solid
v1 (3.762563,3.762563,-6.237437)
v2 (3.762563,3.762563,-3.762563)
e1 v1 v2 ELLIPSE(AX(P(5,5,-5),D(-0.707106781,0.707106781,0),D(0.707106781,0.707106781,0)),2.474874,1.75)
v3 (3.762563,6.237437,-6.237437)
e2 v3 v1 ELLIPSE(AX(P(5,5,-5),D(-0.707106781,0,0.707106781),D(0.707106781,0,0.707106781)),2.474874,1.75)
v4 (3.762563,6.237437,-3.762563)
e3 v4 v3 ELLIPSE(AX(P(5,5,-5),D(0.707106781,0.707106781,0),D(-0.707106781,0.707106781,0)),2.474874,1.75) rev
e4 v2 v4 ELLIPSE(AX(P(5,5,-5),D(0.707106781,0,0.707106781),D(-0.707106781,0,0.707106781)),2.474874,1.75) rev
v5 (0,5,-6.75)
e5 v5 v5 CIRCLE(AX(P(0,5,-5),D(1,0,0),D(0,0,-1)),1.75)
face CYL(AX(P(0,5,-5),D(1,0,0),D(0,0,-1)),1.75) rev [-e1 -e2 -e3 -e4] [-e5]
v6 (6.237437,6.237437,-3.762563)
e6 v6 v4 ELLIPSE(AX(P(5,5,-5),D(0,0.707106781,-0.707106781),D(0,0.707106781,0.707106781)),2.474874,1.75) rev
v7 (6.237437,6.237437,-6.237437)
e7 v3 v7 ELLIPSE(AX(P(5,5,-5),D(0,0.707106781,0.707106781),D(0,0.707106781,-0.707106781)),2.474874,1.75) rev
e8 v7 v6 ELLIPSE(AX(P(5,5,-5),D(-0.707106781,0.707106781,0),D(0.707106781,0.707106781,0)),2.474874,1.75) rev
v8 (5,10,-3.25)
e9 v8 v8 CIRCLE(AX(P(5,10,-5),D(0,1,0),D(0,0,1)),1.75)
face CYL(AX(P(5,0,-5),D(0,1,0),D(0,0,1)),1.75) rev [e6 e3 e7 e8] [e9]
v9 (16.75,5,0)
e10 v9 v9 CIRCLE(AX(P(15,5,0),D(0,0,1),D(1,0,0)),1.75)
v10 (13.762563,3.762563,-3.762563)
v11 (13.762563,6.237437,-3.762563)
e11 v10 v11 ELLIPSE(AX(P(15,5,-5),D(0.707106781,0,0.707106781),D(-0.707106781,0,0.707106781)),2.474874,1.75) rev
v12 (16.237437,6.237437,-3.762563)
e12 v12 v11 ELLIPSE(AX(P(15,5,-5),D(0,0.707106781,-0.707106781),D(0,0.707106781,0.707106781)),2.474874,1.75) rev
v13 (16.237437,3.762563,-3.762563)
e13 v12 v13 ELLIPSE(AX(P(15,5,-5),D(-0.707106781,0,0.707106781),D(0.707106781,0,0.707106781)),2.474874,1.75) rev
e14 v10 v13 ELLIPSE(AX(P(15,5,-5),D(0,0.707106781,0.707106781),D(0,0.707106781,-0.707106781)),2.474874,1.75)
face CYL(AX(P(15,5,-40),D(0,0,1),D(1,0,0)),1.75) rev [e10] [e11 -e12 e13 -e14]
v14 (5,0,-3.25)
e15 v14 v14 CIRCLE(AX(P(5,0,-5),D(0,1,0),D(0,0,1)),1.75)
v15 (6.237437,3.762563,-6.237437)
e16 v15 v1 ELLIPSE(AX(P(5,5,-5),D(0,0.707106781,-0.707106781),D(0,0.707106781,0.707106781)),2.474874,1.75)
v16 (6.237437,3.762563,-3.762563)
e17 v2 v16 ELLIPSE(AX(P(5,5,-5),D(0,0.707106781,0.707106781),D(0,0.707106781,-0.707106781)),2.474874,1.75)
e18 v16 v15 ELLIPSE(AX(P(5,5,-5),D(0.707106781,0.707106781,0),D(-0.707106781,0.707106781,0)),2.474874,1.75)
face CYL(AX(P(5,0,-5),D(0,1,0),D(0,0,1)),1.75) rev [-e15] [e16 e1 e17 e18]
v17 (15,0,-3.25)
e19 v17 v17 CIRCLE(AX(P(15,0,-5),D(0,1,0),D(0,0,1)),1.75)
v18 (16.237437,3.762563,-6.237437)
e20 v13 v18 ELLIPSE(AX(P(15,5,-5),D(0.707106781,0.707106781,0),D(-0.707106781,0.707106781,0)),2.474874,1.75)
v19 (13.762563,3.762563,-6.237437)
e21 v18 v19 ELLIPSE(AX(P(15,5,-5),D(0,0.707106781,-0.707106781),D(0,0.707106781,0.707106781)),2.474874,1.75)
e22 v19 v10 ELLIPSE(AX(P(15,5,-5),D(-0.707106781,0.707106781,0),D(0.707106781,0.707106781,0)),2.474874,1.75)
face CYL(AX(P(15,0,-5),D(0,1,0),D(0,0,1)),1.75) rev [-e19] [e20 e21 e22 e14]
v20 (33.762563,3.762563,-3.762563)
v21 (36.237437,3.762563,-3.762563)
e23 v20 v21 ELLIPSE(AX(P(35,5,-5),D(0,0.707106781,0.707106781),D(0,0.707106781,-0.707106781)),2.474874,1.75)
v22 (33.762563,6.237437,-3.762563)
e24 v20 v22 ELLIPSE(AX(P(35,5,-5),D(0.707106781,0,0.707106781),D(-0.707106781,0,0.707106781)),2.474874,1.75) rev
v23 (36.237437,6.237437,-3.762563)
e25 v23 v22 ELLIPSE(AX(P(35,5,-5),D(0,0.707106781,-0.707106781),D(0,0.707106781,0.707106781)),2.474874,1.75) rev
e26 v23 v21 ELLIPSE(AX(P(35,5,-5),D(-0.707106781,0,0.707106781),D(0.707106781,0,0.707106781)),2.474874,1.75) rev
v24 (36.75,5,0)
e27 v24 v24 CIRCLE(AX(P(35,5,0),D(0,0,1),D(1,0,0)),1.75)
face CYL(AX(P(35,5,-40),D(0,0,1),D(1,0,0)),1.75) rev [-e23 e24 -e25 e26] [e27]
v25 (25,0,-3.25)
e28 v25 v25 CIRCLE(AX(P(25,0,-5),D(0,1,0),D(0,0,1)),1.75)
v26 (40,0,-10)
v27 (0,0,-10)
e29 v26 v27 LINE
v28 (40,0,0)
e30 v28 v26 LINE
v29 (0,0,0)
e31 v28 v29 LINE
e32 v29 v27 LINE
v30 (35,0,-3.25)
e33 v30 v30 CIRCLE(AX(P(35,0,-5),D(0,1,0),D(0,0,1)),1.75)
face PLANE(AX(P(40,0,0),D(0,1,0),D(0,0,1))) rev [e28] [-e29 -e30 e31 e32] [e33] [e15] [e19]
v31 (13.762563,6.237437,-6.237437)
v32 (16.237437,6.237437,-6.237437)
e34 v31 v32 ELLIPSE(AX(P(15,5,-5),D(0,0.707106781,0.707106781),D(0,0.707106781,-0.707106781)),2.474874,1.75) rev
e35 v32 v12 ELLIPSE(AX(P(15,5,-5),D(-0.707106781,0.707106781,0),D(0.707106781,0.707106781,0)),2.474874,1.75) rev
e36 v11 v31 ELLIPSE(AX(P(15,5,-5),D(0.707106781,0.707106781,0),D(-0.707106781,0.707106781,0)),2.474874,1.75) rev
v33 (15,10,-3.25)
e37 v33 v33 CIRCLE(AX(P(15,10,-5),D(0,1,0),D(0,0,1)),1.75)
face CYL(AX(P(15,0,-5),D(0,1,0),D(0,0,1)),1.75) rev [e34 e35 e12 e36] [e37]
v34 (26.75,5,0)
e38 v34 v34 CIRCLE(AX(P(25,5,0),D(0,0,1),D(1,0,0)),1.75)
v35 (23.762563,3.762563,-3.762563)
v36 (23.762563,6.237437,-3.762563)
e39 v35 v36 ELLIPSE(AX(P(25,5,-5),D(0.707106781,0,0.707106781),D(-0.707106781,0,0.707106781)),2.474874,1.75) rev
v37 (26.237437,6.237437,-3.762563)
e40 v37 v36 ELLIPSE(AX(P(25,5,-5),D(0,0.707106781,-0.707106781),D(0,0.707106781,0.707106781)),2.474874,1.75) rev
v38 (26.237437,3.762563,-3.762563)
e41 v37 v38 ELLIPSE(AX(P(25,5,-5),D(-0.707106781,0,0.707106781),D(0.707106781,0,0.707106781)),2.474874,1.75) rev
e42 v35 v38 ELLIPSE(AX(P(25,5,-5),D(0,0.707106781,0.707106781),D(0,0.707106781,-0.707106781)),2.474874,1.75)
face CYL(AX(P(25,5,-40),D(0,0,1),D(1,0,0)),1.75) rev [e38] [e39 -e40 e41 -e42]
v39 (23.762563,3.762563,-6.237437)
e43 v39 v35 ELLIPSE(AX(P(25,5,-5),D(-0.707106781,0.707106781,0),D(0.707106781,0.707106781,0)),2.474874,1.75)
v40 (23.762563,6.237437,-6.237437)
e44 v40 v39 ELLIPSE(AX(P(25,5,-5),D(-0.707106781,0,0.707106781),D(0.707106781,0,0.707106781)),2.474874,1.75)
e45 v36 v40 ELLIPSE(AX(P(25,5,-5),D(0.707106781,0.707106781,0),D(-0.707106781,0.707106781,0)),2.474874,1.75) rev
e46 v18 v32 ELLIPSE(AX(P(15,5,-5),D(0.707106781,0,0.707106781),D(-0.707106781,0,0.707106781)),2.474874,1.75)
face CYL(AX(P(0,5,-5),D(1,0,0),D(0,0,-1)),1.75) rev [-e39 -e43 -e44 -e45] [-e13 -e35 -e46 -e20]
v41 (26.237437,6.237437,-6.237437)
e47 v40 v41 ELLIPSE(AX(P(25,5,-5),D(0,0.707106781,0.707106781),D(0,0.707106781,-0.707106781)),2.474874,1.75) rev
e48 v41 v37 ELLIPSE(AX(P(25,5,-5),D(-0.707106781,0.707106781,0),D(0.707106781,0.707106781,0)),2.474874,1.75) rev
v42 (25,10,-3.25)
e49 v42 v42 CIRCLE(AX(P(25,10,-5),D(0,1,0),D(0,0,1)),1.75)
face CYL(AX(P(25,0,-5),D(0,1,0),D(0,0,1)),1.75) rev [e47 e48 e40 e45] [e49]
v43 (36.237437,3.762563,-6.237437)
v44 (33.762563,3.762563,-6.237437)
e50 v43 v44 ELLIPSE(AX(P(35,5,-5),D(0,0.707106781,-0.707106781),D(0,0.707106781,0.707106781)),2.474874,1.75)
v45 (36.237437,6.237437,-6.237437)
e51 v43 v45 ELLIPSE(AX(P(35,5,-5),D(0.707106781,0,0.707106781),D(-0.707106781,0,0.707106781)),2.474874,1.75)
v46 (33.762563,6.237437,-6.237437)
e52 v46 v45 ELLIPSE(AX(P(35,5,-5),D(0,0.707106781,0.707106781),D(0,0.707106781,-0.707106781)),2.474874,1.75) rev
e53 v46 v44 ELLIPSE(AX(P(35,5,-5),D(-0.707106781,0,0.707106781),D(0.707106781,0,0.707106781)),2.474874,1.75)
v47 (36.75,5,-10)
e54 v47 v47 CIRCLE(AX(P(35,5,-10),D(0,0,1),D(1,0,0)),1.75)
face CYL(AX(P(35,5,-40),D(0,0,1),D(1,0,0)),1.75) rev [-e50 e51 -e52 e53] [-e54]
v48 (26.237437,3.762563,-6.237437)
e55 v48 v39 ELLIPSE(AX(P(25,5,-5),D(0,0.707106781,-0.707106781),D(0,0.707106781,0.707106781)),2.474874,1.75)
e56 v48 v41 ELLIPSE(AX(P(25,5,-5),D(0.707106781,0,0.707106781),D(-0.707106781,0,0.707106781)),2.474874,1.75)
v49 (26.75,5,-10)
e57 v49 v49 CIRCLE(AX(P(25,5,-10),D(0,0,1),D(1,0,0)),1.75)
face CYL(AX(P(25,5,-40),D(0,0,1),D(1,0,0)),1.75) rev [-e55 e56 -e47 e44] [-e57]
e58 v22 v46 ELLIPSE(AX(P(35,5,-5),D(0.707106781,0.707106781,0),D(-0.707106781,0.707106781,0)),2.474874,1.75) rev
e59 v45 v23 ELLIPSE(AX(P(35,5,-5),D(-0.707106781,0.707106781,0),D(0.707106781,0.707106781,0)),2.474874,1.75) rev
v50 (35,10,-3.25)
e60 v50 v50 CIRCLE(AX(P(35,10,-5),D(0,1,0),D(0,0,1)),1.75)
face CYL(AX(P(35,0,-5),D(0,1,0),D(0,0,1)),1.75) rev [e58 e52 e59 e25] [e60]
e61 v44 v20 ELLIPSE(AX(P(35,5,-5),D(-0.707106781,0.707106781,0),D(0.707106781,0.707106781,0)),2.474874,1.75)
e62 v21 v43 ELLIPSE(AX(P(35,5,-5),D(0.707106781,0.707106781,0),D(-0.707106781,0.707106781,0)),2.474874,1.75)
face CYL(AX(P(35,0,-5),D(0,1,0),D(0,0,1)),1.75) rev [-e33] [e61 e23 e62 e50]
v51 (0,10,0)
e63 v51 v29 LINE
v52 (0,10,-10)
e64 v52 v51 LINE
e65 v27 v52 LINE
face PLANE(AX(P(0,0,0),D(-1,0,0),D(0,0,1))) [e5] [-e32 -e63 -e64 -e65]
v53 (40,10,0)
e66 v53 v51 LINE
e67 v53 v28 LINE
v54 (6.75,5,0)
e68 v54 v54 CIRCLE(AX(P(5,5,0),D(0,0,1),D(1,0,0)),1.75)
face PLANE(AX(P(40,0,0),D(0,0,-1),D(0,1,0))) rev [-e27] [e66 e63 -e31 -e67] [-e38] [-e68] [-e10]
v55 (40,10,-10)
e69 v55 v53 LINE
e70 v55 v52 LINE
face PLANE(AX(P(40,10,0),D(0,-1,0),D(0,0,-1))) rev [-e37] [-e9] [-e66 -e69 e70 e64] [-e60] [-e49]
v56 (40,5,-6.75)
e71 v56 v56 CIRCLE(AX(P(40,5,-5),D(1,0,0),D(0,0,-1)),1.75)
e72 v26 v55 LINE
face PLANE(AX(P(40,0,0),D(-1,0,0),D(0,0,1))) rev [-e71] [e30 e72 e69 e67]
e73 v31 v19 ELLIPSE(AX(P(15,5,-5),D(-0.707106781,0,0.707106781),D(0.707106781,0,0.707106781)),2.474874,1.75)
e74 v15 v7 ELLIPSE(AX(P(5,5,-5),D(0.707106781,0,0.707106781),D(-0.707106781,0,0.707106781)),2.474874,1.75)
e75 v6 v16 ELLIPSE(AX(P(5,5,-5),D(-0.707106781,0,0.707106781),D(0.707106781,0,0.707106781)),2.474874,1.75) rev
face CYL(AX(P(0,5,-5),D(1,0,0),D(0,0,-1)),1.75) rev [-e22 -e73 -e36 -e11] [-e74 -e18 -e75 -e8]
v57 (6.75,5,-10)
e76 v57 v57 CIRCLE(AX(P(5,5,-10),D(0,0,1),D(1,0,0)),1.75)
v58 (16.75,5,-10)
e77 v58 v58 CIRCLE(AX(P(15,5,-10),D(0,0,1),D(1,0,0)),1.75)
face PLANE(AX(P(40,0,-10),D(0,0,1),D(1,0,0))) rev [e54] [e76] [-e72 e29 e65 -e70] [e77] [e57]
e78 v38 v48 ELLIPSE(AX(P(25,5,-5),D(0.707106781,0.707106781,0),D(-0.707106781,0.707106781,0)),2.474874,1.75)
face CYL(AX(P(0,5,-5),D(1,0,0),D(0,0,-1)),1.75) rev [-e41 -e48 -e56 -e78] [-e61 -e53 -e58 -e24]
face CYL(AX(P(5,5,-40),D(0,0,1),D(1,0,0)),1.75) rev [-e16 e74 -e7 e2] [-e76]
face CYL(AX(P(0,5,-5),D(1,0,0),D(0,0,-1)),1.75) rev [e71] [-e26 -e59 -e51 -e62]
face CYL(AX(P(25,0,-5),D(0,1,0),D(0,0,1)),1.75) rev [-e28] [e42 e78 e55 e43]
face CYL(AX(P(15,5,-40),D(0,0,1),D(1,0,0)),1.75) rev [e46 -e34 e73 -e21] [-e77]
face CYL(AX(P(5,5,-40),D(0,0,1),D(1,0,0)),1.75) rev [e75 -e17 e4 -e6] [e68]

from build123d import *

# Parameters (mm, degrees)
ESQUISSE1_W             = 10
ESQUISSE1_H             = 10
BOSS_EXTRU_1_DEPTH      = 40
ESQUISSE2_R             = 1.75
ENL_V_MAT_EXTRU_1_DEPTH = 43.426406871
ESQUISSE3_R             = 1.75
ENL_V_MAT_EXTRU_2_DEPTH = 40
ESQUISSE4_R             = 1.75
ENL_V_MAT_EXTRU_3_DEPTH = 40


with BuildPart() as part:
    # Esquisse1 → Boss.-Extru.1 (new body)
    with BuildSketch(Plane(origin=(0, 0, 0), x_dir=(0, 0, -1), z_dir=(1, 0, 0))):
        with Locations((5, 5)):
            Rectangle(ESQUISSE1_W, ESQUISSE1_H)
    extrude(amount=BOSS_EXTRU_1_DEPTH)

    # Esquisse2 → Enlèv. mat.-Extru.1 (cut, through all)
    with BuildSketch(Plane(origin=(0, 10, 0), x_dir=(1, 0, 0), z_dir=(0, 1, 0))):
        with Locations(Location((5, 5, 0), (0, 0, 270))):
            Circle(ESQUISSE2_R)
        with Locations(Location((15, 5, 0), (0, 0, 270))):
            Circle(ESQUISSE2_R)
        with Locations(Location((25, 5, 0), (0, 0, 270))):
            Circle(ESQUISSE2_R)
        with Locations(Location((35, 5, 0), (0, 0, 270))):
            Circle(ESQUISSE2_R)
    extrude(amount=-ENL_V_MAT_EXTRU_1_DEPTH, mode=Mode.SUBTRACT)

    # Esquisse3 → Enlèv. mat.-Extru.2 (cut)
    with BuildSketch(Plane.XY):
        with Locations((5, 5)):
            Circle(ESQUISSE3_R)
        with Locations((15, 5)):
            Circle(ESQUISSE3_R)
        with Locations((25, 5)):
            Circle(ESQUISSE3_R)
        with Locations((35, 5)):
            Circle(ESQUISSE3_R)
    extrude(amount=-ENL_V_MAT_EXTRU_2_DEPTH, mode=Mode.SUBTRACT)

    # Esquisse4 → Enlèv. mat.-Extru.3 (cut)
    with BuildSketch(Plane(origin=(40, 0, 0), x_dir=(0, 0, -1), z_dir=(1, 0, 0))):
        with Locations(Location((5, 5, 0), (0, 0, 315))):
            Circle(ESQUISSE4_R)
    extrude(amount=-ENL_V_MAT_EXTRU_3_DEPTH, mode=Mode.SUBTRACT)


solid = part.part
